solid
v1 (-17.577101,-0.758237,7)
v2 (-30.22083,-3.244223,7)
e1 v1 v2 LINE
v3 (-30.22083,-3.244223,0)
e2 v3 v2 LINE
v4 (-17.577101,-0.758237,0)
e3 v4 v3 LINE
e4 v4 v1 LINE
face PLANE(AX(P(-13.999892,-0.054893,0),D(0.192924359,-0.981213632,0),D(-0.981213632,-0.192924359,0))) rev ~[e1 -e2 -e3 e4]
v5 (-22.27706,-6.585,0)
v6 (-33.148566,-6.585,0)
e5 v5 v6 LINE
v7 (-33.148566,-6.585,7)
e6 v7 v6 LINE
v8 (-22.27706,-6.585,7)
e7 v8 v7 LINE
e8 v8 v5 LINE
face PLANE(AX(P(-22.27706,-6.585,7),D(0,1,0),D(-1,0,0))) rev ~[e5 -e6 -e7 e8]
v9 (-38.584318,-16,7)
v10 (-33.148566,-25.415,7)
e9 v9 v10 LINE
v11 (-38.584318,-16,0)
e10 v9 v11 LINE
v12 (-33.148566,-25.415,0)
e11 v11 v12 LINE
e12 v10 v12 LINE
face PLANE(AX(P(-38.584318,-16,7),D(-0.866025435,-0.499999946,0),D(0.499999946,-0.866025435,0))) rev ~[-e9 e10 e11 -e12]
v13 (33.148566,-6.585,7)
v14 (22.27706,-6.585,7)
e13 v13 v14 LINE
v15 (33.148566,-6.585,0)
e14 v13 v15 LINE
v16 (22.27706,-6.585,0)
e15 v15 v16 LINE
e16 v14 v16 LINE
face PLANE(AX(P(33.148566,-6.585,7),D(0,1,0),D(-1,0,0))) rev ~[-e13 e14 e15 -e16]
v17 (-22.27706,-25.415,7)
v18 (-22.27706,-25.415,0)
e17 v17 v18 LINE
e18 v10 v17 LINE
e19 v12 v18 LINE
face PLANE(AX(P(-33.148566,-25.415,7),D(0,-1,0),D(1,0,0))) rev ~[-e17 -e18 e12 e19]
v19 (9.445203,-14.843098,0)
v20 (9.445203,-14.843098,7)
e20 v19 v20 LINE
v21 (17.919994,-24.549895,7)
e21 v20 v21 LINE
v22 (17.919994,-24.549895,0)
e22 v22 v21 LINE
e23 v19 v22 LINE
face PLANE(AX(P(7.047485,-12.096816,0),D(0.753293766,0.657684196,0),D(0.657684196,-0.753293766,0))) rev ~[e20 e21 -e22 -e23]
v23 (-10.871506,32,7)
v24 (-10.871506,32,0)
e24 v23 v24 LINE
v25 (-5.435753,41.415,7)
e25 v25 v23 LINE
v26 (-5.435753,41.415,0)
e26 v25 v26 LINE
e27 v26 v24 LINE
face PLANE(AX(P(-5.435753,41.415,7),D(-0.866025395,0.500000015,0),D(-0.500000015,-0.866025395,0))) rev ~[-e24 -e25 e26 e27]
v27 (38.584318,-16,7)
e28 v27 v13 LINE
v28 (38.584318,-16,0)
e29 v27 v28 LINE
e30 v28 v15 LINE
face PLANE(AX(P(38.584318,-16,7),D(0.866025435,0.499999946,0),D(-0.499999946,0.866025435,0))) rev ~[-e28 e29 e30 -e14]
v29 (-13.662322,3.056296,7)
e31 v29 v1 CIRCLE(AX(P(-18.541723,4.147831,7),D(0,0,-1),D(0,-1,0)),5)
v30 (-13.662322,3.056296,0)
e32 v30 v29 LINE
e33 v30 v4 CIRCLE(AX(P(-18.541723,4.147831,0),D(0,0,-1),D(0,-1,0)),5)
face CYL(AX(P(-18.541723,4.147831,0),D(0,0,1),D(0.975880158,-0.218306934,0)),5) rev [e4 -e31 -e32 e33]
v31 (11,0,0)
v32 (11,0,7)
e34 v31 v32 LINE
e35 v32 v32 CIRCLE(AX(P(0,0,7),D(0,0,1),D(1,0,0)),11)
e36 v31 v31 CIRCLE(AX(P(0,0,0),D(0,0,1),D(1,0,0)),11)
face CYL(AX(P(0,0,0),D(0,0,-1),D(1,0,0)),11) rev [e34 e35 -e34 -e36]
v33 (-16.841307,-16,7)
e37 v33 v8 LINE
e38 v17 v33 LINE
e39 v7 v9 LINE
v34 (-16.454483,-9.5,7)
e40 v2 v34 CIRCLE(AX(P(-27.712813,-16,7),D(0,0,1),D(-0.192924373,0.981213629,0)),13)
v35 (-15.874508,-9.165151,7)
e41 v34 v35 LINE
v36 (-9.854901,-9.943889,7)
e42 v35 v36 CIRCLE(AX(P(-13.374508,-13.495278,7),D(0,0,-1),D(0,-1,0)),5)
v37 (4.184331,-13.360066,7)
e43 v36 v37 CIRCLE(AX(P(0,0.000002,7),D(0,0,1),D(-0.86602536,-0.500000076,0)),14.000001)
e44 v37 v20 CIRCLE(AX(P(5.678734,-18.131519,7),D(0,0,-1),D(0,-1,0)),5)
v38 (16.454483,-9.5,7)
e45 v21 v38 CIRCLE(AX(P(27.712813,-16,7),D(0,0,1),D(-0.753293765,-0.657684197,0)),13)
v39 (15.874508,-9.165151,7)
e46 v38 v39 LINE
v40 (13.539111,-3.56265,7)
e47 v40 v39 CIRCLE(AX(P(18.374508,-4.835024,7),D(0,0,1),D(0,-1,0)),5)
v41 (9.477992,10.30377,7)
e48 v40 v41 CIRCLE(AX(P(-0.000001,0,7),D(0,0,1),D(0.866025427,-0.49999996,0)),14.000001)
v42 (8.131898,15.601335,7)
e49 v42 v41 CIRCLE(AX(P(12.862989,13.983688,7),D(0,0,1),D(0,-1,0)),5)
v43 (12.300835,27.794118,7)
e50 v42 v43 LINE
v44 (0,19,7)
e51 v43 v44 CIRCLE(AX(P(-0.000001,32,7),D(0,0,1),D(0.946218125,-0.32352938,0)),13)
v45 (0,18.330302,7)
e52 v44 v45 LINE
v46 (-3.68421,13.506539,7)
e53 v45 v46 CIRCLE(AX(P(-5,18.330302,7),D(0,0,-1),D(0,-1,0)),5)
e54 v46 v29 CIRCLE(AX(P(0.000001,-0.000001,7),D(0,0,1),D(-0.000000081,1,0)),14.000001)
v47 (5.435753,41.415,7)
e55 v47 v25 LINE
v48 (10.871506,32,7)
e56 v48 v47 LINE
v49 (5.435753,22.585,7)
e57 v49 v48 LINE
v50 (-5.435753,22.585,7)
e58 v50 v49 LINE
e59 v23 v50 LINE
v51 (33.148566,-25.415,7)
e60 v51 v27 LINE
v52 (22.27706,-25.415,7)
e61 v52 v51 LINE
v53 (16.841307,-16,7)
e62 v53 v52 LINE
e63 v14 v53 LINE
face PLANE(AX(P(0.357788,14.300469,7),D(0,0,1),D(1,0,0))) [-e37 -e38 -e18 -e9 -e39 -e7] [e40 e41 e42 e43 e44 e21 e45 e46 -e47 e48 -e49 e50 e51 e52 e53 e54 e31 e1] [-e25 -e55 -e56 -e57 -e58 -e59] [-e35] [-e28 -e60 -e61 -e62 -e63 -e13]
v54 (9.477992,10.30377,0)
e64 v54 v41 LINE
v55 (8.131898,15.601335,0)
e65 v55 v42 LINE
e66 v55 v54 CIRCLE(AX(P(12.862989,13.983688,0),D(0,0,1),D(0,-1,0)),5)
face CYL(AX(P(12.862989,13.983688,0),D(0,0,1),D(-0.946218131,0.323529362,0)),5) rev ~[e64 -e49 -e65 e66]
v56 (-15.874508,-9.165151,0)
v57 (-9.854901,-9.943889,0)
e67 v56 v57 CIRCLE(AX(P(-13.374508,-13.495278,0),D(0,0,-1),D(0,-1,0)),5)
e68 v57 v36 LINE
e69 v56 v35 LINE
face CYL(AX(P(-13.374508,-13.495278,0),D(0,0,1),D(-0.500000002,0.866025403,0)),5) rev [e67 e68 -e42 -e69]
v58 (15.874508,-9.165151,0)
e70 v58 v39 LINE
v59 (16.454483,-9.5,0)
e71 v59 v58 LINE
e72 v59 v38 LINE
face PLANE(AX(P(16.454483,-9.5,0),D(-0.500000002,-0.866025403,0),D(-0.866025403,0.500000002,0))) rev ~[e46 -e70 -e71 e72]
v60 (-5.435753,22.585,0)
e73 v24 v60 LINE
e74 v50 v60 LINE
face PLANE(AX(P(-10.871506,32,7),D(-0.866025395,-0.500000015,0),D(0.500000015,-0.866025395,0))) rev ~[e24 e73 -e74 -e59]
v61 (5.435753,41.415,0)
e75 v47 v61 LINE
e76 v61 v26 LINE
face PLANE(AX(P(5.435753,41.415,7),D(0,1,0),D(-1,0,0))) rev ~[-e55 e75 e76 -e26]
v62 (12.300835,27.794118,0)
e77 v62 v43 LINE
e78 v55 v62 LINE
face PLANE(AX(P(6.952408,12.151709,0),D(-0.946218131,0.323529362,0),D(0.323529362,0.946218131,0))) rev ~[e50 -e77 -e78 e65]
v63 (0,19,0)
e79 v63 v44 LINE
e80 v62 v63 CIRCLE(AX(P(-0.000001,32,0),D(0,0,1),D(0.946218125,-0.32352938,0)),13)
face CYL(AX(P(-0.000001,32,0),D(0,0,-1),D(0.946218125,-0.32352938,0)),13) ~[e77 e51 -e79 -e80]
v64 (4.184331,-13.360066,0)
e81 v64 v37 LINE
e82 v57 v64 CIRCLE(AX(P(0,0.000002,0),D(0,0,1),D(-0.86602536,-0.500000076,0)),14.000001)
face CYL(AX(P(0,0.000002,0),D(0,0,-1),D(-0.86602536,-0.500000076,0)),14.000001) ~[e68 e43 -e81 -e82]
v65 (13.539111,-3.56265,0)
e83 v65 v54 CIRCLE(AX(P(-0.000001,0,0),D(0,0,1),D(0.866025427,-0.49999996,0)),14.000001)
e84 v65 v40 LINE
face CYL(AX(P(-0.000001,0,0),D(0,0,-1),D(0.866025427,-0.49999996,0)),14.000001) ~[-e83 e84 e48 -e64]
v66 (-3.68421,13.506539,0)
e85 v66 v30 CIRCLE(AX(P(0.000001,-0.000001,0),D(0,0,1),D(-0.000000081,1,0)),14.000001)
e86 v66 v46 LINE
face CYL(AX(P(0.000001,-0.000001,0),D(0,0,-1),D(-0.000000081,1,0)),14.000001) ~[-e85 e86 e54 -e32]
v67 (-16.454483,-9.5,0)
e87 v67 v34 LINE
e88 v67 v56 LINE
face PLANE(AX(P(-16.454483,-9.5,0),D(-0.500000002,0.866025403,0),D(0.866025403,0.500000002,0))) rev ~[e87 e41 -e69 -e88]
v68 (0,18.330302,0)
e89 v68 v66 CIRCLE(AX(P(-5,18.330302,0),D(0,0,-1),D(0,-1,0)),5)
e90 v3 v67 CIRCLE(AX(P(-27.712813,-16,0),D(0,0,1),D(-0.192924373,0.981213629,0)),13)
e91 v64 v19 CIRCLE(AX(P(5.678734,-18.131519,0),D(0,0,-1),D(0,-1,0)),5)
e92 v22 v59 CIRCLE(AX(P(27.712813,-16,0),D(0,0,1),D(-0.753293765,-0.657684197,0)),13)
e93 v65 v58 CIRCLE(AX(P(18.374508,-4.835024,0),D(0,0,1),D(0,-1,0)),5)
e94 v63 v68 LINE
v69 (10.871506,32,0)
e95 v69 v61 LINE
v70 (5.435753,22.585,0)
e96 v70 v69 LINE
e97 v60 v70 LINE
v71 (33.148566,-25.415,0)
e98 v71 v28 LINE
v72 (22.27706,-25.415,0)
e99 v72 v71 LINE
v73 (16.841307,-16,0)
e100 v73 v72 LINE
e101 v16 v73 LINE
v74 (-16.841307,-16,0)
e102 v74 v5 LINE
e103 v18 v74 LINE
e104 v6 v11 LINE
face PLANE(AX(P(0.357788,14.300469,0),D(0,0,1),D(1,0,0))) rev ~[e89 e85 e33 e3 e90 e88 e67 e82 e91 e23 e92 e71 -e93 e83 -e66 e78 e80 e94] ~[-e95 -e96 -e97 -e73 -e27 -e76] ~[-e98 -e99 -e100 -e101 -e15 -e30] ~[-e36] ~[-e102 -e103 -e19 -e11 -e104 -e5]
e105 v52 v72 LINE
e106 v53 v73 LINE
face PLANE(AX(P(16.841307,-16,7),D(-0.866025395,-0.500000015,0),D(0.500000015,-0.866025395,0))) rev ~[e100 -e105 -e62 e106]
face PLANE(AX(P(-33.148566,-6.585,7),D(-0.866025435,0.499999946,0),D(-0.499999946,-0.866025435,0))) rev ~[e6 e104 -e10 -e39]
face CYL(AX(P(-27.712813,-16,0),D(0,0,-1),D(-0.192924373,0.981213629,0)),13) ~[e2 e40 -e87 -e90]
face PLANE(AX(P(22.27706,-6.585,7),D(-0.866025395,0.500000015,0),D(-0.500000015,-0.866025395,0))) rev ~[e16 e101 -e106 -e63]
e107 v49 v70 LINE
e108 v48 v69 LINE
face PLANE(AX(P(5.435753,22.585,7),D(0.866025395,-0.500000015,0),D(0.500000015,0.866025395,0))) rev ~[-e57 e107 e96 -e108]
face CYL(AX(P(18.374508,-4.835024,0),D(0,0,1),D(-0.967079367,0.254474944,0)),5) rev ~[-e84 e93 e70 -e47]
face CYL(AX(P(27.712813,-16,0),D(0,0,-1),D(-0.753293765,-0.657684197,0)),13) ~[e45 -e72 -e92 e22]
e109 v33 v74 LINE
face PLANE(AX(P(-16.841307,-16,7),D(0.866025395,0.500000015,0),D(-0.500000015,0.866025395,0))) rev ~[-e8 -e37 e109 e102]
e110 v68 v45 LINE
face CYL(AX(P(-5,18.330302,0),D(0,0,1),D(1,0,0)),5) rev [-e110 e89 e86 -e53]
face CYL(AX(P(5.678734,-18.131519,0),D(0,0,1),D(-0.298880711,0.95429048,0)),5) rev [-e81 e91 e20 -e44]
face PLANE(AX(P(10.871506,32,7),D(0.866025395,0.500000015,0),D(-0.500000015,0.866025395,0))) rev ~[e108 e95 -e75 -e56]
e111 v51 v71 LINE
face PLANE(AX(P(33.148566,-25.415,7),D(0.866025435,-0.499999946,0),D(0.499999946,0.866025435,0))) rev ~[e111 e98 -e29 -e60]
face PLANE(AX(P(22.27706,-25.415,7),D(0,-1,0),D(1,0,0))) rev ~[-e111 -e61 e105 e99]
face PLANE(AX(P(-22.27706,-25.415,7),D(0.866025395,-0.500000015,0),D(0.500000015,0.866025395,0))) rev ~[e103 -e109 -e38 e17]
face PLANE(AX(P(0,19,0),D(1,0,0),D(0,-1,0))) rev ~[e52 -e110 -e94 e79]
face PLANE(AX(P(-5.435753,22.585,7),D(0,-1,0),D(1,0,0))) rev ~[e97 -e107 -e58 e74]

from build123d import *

# Parameters (mm, degrees)
F0_R     = 11
F1_DEPTH = 7
F3_DEPTH = 25
F4_R     = 5


with BuildPart() as f1:
    # F0 (on Top) → F1 (new body)
    with BuildSketch(Plane.XY):
        with BuildLine():
            Line((0, 19), (0, 14))
            ThreePointArc((0, 14), (-9.918883, 9.880068), (-13.999892, -0.054893))
            ThreePointArc((-13.999892, -0.054893), (-13.515832, -3.649971), (-12.124356, -7))
            ThreePointArc((-12.124356, -7), (-3.596948, -13.530039), (7.047485, -12.096816))
            ThreePointArc((7.047485, -12.096816), (9.918883, -9.880068), (12.124356, -7))
            ThreePointArc((12.124356, -7), (13.515832, 3.649971), (6.952408, 12.151709))
            Line((6.952408, 12.151709), (12.300835, 27.794118))
            ThreePointArc((12.300835, 27.794118), (-7.56054, 42.57536), (0, 19))
        make_face()
        Circle(F0_R, mode=Mode.SUBTRACT)
        with BuildLine():
            ThreePointArc((12.124356, -7), (9.918883, -9.880068), (7.047485, -12.096816))
            Line((7.047485, -12.096816), (17.919994, -24.549895))
            ThreePointArc((17.919994, -24.549895), (40.651613, -14.74006), (16.454483, -9.5))
            Line((16.454483, -9.5), (12.124356, -7))
        make_face()
        with BuildLine():
            ThreePointArc((-12.124356, -7), (-13.515832, -3.649971), (-13.999892, -0.054893))
            Line((-13.999892, -0.054893), (-30.22083, -3.244223))
            ThreePointArc((-30.22083, -3.244223), (-33.091073, -27.8353), (-16.454483, -9.5))
            Line((-16.454483, -9.5), (-12.124356, -7))
        make_face()
    extrude(amount=F1_DEPTH)

    # F2 (on face) → F3 (cut)
    with BuildSketch(Plane.XY.offset(7)):
        Polygon((5.435753, 41.415), (-5.435753, 41.415), (-10.871506, 32), (-5.435753, 22.585), (5.435753, 22.585), (10.871506, 32), align=None)
        Polygon((16.841307, -16), (22.27706, -25.415), (33.148566, -25.415), (38.584318, -16), (33.148566, -6.585), (22.27706, -6.585), align=None)
        Polygon((-22.27706, -6.585), (-33.148566, -6.585), (-38.584318, -16), (-33.148566, -25.415), (-22.27706, -25.415), (-16.841307, -16), align=None)
    extrude(amount=-F3_DEPTH, mode=Mode.SUBTRACT)

    # F4
    f4_edges = [f1.edges().sort_by_distance(p)[0] for p in [
        (6.952408, 12.151709, 3.5),
        (12.124356, -7, 3.5),
        (7.047485, -12.096816, 3.5),
        (-12.124356, -7, 3.5),
        (-13.999892, -0.054893, 3.5),
        (0, 14, 3.5),
    ]]
    fillet(f4_edges, radius=F4_R)


solid = f1.part
